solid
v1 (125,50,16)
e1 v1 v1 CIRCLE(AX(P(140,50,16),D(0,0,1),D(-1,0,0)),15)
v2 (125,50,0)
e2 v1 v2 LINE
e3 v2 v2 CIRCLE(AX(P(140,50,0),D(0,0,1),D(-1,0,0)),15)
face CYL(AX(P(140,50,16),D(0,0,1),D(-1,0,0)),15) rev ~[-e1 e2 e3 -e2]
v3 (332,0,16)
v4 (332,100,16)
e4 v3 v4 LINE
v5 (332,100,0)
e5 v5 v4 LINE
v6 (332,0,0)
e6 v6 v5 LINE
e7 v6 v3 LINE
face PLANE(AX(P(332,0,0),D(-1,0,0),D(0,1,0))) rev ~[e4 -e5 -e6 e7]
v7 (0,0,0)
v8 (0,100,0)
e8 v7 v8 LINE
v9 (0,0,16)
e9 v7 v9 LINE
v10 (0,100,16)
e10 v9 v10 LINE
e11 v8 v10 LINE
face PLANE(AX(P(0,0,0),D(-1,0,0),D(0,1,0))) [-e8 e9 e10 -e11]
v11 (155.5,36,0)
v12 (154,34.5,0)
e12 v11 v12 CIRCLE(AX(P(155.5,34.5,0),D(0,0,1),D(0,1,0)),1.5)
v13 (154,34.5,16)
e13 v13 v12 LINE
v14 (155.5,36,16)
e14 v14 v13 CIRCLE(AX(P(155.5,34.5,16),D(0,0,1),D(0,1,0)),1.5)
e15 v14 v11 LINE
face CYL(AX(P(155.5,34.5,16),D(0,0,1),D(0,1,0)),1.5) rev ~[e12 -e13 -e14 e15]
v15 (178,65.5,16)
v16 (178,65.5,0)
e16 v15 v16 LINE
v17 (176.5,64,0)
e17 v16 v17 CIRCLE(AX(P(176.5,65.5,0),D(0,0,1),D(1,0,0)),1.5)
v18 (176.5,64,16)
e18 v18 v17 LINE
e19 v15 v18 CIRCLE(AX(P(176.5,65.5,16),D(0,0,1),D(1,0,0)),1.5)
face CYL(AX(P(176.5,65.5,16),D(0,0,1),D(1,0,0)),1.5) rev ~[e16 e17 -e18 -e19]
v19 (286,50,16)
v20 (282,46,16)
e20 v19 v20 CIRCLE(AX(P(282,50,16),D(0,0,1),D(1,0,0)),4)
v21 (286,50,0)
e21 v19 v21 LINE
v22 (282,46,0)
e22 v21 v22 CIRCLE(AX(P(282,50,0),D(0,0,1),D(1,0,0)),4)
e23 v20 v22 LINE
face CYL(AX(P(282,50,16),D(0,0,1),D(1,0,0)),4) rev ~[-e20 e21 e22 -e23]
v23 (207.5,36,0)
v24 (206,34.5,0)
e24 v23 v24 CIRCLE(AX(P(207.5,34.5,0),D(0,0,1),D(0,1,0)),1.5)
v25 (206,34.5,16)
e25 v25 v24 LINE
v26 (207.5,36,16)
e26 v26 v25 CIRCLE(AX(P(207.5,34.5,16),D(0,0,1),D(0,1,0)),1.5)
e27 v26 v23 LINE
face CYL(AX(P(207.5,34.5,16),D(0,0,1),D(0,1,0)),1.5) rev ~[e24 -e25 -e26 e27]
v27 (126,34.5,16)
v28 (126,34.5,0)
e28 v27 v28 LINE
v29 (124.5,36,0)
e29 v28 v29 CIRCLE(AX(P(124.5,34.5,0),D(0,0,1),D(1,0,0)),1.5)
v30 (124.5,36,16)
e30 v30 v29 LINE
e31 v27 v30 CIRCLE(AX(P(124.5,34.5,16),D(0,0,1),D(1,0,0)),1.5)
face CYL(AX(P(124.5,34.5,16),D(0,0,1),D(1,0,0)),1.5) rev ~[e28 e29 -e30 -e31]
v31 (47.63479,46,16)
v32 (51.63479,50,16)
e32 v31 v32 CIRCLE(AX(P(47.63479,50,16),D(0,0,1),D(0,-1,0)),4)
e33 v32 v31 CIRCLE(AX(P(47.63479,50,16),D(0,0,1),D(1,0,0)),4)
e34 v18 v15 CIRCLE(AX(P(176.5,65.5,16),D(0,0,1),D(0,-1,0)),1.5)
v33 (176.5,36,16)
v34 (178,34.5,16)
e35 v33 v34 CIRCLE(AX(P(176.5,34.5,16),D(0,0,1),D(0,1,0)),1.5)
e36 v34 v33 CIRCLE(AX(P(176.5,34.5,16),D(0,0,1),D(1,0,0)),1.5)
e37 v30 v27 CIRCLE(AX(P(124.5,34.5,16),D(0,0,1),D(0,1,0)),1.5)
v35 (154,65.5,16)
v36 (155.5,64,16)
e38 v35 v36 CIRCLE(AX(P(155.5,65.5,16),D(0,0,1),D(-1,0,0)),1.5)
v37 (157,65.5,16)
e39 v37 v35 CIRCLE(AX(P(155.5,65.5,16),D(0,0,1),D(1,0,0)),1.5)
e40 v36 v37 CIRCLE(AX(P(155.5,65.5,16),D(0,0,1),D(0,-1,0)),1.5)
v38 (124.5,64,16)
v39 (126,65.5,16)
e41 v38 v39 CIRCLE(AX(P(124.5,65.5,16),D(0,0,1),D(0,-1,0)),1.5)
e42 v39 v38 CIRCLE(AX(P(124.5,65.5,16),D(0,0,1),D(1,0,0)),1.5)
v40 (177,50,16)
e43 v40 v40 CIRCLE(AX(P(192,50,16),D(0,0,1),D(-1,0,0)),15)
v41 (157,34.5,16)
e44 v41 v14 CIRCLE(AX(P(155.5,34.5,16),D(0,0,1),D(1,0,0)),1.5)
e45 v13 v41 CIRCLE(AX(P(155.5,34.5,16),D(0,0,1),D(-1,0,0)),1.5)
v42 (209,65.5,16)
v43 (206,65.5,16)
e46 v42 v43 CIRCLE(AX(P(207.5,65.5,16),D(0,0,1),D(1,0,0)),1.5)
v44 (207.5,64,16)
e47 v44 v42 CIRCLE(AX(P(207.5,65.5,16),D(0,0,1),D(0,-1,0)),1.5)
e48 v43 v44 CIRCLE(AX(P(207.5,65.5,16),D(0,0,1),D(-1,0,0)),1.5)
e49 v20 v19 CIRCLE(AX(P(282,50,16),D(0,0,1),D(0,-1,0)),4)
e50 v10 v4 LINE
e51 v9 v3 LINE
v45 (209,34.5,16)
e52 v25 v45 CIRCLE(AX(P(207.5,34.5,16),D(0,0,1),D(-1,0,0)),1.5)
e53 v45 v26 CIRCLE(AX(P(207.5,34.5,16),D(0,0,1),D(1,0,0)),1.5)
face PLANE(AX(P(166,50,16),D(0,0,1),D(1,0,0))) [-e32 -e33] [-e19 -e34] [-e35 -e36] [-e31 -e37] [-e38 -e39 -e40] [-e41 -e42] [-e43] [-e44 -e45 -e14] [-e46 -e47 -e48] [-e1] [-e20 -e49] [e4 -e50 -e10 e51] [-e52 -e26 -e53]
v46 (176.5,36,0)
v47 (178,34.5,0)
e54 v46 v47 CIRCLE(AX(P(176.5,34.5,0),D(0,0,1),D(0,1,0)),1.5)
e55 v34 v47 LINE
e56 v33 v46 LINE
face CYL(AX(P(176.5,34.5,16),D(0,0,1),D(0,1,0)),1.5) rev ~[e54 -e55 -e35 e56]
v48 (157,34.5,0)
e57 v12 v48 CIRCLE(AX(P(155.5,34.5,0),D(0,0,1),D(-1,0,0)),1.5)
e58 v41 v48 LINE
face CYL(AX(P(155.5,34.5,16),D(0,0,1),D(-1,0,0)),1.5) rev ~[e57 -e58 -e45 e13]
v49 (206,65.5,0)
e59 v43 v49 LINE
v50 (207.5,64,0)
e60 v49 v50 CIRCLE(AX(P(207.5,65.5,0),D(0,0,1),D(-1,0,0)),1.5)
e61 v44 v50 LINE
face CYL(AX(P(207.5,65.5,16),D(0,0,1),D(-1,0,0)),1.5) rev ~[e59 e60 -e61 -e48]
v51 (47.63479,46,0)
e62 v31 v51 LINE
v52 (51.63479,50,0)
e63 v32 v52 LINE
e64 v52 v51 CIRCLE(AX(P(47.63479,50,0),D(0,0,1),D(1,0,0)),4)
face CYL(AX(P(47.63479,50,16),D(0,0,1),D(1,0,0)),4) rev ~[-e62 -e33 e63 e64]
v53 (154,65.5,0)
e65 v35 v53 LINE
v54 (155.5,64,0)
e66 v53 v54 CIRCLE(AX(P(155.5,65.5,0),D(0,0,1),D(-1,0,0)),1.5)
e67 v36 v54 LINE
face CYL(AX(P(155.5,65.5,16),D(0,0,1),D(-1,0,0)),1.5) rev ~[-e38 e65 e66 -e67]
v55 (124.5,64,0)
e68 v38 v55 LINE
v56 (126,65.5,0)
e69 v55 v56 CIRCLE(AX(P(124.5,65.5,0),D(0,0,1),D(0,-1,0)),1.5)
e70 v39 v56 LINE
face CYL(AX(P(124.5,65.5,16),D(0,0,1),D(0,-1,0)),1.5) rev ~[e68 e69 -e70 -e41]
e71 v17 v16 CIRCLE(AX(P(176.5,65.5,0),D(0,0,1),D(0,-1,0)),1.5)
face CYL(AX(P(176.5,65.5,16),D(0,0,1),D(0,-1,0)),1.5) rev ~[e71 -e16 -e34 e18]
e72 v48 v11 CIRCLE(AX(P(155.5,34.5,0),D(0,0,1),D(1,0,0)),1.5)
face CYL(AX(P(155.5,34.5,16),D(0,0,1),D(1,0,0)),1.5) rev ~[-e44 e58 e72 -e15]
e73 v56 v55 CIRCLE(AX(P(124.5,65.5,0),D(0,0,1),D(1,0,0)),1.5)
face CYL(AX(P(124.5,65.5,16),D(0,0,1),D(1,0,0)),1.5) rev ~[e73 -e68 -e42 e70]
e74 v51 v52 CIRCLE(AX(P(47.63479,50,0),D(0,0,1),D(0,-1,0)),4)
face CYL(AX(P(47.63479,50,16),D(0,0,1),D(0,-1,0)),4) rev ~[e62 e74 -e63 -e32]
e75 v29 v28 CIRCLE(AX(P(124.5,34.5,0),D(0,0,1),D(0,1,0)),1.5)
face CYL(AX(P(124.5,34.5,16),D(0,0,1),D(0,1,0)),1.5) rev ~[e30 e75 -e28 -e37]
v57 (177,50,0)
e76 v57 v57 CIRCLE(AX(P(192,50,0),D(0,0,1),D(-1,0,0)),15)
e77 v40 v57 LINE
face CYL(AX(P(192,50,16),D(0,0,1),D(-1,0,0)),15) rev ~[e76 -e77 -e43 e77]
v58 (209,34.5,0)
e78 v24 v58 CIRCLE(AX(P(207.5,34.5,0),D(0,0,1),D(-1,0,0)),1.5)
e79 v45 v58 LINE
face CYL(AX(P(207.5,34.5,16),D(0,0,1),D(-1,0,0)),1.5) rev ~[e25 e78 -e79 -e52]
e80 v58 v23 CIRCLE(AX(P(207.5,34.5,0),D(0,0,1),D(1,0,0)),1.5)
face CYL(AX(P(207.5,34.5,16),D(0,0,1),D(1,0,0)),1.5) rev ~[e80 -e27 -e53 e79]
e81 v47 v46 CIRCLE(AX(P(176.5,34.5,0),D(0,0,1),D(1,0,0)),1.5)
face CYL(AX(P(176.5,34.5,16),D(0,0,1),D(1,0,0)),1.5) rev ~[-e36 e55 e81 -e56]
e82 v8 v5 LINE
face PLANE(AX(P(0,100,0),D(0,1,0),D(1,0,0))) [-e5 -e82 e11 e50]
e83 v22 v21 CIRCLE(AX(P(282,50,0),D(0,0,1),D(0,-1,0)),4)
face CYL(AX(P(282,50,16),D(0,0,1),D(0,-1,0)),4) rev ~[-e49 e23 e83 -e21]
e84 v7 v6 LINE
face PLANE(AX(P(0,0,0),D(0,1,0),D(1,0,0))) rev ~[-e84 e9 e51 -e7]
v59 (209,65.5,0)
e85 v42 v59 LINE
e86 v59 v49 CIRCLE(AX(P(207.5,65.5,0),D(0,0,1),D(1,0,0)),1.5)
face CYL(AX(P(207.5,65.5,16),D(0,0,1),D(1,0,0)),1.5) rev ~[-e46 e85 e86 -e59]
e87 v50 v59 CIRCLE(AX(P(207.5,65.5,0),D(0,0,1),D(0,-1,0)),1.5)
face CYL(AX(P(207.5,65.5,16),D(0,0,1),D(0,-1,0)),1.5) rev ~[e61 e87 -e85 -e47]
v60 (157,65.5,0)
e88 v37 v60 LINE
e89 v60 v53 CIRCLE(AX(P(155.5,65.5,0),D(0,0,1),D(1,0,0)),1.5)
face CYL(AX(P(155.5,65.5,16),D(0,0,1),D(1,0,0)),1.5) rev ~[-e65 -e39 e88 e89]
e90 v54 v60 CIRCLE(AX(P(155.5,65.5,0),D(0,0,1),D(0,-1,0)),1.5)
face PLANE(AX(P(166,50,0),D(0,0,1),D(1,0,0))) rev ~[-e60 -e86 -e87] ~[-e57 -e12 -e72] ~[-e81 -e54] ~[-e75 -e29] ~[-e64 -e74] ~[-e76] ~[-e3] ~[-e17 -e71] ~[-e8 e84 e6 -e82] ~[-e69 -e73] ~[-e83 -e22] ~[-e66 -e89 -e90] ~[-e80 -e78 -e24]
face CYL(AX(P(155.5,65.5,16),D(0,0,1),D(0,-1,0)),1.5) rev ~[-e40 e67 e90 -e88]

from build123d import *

# Parameters (mm, degrees)
F0_W     = 332
F0_H     = 100
F1_DEPTH = 16
F3_DEPTH = 25
F5_DEPTH = 25


with BuildPart() as f1:
    # F0 (on Top) → F1 (new body)
    with BuildSketch(Plane.XY):
        with Locations((166, 50)):
            Rectangle(F0_W, F0_H)
    extrude(amount=F1_DEPTH)

    # F2 (on face) → F3 (cut)
    with BuildSketch(Plane.XY.offset(16)):
        with BuildLine():
            Line((125, 50), (140, 50))
            Line((140, 50), (155, 50))
            ThreePointArc((155, 50), (140, 65), (125, 50))
        make_face()
        with BuildLine():
            Line((140, 50), (140, 35))
            ThreePointArc((140, 35), (150.6066017178, 39.3933982822), (155, 50))
            Line((155, 50), (140, 50))
        make_face()
        with BuildLine():
            ThreePointArc((125, 50), (129.3933982822, 39.3933982822), (140, 35))
            Line((140, 35), (140, 50))
            Line((140, 50), (125, 50))
        make_face()
        with BuildLine():
            ThreePointArc((126, 65.5), (123.4393398282, 66.5606601718), (124.5, 64))
            Line((124.5, 64), (124.5, 65.5))
            Line((124.5, 65.5), (126, 65.5))
        make_face()
        with BuildLine():
            Line((124.5, 65.5), (124.5, 64))
            ThreePointArc((124.5, 64), (125.5606601718, 64.4393398282), (126, 65.5))
            Line((126, 65.5), (124.5, 65.5))
        make_face()
        with BuildLine():
            ThreePointArc((124.5, 36), (123.4393398282, 33.4393398282), (126, 34.5))
            Line((126, 34.5), (124.5, 34.5))
            Line((124.5, 34.5), (124.5, 36))
        make_face()
        with BuildLine():
            Line((124.5, 34.5), (126, 34.5))
            ThreePointArc((126, 34.5), (125.5606601718, 35.5606601718), (124.5, 36))
            Line((124.5, 36), (124.5, 34.5))
        make_face()
        with BuildLine():
            Line((155.5, 34.5), (154, 34.5))
            ThreePointArc((154, 34.5), (155.5, 33), (157, 34.5))
            ThreePointArc((157, 34.5), (156.5606601718, 35.5606601718), (155.5, 36))
            Line((155.5, 36), (155.5, 34.5))
        make_face()
        with BuildLine():
            ThreePointArc((155.5, 36), (154.4393398282, 35.5606601718), (154, 34.5))
            Line((154, 34.5), (155.5, 34.5))
            Line((155.5, 34.5), (155.5, 36))
        make_face()
        with BuildLine():
            Line((155.5, 65.5), (155.5, 64))
            ThreePointArc((155.5, 64), (156.5606601718, 64.4393398282), (157, 65.5))
            ThreePointArc((157, 65.5), (155.5, 67), (154, 65.5))
            Line((154, 65.5), (155.5, 65.5))
        make_face()
        with BuildLine():
            ThreePointArc((154, 65.5), (154.4393398282, 64.4393398282), (155.5, 64))
            Line((155.5, 64), (155.5, 65.5))
            Line((155.5, 65.5), (154, 65.5))
        make_face()
        with BuildLine():
            Line((192, 50), (192, 35))
            ThreePointArc((192, 35), (202.6066017178, 39.3933982822), (207, 50))
            Line((207, 50), (192, 50))
        make_face()
        with BuildLine():
            Line((177, 50), (192, 50))
            Line((192, 50), (207, 50))
            ThreePointArc((207, 50), (192, 65), (177, 50))
        make_face()
        with BuildLine():
            ThreePointArc((177, 50), (181.3933982822, 39.3933982822), (192, 35))
            Line((192, 35), (192, 50))
            Line((192, 50), (177, 50))
        make_face()
        with BuildLine():
            ThreePointArc((178, 65.5), (175.4393398282, 66.5606601718), (176.5, 64))
            Line((176.5, 64), (176.5, 65.5))
            Line((176.5, 65.5), (178, 65.5))
        make_face()
        with BuildLine():
            Line((176.5, 65.5), (176.5, 64))
            ThreePointArc((176.5, 64), (177.5606601718, 64.4393398282), (178, 65.5))
            Line((178, 65.5), (176.5, 65.5))
        make_face()
        with BuildLine():
            ThreePointArc((176.5, 36), (175.4393398282, 33.4393398282), (178, 34.5))
            Line((178, 34.5), (176.5, 34.5))
            Line((176.5, 34.5), (176.5, 36))
        make_face()
        with BuildLine():
            Line((176.5, 34.5), (178, 34.5))
            ThreePointArc((178, 34.5), (177.5606601718, 35.5606601718), (176.5, 36))
            Line((176.5, 36), (176.5, 34.5))
        make_face()
        with BuildLine():
            ThreePointArc((207.5, 36), (206.4393398282, 35.5606601718), (206, 34.5))
            Line((206, 34.5), (207.5, 34.5))
            Line((207.5, 34.5), (207.5, 36))
        make_face()
        with BuildLine():
            Line((207.5, 34.5), (206, 34.5))
            ThreePointArc((206, 34.5), (207.5, 33), (209, 34.5))
            ThreePointArc((209, 34.5), (208.5606601718, 35.5606601718), (207.5, 36))
            Line((207.5, 36), (207.5, 34.5))
        make_face()
        with BuildLine():
            Line((207.5, 65.5), (207.5, 64))
            ThreePointArc((207.5, 64), (208.5606601718, 64.4393398282), (209, 65.5))
            ThreePointArc((209, 65.5), (207.5, 67), (206, 65.5))
            Line((206, 65.5), (207.5, 65.5))
        make_face()
        with BuildLine():
            ThreePointArc((206, 65.5), (206.4393398282, 64.4393398282), (207.5, 64))
            Line((207.5, 64), (207.5, 65.5))
            Line((207.5, 65.5), (206, 65.5))
        make_face()
    extrude(amount=-F3_DEPTH, mode=Mode.SUBTRACT)

    # F4 (on face) → F5 (cut)
    with BuildSketch(Plane.XY.offset(16)):
        with BuildLine():
            ThreePointArc((51.6347899064, 50), (44.8063627817, 52.8284271247), (47.6347899064, 46))
            ThreePointArc((47.6347899064, 46), (50.4632170312, 47.1715728753), (51.6347899064, 50))
        make_face()
        with BuildLine():
            ThreePointArc((286, 50), (279.1715728753, 52.8284271247), (282, 46))
            ThreePointArc((282, 46), (284.8284271247, 47.1715728753), (286, 50))
        make_face()
    extrude(amount=-F5_DEPTH, mode=Mode.SUBTRACT)


solid = f1.part
